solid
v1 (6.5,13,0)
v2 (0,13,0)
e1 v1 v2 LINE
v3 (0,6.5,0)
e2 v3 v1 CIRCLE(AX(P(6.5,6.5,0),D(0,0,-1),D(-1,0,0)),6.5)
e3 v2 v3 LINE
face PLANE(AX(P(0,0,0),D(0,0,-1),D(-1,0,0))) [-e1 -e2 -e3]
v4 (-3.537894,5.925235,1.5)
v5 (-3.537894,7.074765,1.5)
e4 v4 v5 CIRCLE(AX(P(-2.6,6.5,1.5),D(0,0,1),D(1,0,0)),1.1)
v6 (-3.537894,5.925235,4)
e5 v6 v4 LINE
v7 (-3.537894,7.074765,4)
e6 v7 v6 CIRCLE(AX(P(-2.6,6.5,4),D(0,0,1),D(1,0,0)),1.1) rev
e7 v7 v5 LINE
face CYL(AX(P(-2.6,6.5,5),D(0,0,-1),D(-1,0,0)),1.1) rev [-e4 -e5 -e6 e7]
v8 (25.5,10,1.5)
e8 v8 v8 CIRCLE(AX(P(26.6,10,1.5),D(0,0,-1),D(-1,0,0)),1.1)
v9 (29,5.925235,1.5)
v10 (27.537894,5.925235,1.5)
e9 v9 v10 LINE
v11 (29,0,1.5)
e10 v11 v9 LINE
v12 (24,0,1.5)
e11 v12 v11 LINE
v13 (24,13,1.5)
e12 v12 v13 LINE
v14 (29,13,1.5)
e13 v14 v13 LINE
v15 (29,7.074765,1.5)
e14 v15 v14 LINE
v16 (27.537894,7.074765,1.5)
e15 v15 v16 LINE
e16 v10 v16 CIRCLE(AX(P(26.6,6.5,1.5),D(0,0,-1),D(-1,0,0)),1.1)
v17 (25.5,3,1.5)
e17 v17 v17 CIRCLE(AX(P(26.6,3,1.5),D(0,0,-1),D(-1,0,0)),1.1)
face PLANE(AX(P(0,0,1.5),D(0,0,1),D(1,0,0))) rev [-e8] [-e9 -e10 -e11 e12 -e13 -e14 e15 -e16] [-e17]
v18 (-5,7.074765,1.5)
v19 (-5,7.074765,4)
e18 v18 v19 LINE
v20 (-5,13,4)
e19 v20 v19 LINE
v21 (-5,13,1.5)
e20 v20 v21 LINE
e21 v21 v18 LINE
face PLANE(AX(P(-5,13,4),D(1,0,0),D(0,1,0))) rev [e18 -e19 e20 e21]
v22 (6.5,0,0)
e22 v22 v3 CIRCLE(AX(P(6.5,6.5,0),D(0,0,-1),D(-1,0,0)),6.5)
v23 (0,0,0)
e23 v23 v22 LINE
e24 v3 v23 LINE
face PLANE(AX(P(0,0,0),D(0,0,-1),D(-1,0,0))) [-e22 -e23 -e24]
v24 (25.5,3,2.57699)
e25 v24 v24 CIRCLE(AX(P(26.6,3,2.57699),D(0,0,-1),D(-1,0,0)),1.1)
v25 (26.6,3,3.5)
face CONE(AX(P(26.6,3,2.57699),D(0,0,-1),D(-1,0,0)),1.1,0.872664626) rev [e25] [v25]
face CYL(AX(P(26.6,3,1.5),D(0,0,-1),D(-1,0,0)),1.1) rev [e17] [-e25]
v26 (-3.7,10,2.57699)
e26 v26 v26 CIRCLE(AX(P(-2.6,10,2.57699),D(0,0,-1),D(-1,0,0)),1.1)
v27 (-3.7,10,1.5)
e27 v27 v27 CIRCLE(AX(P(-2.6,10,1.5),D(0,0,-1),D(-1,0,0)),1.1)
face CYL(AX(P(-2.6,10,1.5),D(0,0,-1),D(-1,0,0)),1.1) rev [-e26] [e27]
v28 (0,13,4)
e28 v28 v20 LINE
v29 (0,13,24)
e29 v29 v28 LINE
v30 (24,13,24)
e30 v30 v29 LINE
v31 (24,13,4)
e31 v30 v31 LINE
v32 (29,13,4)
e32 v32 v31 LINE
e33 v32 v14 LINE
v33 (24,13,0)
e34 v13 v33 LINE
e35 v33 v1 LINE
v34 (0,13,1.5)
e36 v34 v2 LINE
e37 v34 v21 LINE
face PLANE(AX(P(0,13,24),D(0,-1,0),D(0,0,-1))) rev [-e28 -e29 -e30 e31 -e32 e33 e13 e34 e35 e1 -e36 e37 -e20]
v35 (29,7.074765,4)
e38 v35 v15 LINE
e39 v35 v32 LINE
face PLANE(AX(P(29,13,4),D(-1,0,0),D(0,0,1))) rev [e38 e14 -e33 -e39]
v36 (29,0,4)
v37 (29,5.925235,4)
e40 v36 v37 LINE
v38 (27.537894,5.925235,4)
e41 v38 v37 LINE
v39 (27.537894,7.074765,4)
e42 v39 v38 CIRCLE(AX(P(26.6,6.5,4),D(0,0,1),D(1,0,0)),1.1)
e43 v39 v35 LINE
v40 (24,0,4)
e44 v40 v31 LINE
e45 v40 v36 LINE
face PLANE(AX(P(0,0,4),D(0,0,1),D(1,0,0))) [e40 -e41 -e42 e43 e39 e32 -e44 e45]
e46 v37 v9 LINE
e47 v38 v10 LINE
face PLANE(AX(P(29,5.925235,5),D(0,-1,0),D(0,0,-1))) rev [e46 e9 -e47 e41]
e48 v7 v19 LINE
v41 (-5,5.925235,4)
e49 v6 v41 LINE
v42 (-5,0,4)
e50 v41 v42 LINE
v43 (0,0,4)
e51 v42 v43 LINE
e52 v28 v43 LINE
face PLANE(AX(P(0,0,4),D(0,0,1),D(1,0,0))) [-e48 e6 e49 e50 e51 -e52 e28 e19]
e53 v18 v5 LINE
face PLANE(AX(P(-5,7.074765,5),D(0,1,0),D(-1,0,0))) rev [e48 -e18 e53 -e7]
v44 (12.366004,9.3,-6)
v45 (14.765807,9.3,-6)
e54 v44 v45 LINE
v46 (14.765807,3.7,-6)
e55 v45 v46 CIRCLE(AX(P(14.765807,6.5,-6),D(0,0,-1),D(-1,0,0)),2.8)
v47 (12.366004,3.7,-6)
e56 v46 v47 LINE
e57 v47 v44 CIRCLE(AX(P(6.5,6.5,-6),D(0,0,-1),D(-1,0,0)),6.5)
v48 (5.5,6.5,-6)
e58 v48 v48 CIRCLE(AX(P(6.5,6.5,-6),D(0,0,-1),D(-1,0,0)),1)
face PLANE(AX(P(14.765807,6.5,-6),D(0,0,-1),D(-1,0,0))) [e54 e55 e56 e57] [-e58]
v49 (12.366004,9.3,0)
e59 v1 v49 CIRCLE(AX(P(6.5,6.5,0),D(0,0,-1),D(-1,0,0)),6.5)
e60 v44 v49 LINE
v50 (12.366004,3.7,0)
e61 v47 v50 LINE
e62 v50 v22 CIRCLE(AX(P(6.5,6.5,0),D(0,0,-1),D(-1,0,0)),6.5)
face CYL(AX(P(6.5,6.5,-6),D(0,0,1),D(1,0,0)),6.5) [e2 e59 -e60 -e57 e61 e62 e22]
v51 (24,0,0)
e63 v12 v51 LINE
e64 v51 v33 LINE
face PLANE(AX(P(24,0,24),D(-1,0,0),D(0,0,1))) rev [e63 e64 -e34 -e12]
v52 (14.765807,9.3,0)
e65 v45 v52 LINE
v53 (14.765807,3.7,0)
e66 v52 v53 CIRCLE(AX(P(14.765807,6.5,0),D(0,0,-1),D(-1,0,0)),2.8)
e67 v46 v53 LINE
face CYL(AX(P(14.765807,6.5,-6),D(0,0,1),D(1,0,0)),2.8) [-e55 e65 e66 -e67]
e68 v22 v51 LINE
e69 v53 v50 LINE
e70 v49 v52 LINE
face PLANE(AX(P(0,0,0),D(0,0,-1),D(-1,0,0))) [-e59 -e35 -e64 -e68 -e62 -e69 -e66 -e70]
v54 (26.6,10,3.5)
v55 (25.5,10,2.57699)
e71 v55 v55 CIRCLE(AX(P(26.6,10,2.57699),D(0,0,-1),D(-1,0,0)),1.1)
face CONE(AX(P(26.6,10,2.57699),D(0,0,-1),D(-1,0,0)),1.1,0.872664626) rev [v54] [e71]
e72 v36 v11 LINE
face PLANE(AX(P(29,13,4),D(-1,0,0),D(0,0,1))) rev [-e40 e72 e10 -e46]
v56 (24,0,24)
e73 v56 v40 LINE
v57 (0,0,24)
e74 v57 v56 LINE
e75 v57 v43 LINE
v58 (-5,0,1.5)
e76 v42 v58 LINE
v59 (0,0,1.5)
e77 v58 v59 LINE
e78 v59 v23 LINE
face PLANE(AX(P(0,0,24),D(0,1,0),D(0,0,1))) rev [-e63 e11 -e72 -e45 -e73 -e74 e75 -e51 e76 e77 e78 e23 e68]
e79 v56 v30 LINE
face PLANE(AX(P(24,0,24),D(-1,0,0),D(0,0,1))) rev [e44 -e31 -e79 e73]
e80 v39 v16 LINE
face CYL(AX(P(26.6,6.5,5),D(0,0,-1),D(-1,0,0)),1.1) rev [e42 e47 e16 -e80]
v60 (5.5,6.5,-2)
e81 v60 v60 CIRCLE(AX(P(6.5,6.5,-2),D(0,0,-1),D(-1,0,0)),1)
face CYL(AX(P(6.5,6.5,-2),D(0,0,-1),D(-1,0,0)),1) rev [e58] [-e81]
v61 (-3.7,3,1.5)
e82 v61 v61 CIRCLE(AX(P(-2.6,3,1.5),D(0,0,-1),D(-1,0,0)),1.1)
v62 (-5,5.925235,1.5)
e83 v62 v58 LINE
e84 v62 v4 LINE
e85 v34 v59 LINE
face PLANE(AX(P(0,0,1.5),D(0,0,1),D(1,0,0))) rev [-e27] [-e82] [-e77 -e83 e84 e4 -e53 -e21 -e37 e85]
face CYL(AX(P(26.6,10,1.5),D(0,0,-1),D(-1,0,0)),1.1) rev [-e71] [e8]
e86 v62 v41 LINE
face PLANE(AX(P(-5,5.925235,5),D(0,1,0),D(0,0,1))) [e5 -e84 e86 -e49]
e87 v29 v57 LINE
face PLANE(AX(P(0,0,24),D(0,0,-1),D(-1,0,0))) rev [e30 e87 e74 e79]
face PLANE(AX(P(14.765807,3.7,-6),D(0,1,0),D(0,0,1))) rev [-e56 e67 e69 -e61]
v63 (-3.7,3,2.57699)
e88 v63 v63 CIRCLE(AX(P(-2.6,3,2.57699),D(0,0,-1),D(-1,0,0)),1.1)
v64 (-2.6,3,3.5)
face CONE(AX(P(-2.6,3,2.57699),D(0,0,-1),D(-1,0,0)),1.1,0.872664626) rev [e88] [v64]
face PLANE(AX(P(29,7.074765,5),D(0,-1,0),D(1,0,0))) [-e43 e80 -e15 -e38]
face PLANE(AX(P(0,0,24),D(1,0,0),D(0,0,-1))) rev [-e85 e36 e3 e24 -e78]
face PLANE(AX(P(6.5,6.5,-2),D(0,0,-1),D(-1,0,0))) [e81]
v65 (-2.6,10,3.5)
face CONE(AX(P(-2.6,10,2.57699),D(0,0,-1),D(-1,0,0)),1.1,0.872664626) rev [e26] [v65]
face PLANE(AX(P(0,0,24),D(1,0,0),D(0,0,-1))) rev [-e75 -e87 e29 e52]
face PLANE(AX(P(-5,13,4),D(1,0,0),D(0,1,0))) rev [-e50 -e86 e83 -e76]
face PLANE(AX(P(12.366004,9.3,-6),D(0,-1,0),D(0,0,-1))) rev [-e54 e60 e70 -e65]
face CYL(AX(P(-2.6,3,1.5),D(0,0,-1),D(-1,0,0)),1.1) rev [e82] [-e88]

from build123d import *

# Parameters (mm, degrees)
SKETCH_1_W          = 24
SKETCH_1_H          = 13
EXTRUDE_1_DEPTH     = 24
SKETCH_2_W          = 34
SKETCH_2_H          = 13
EXTRUDE_2_DEPTH     = 2.5
MM_13_D             = 2.2
MM_13_DEPTH         = 1.076990406
MM_13_TIP           = 0.923009594
CUT_EXTRUDE_1_DEPTH = 3.5
EXTRUDE_3_DEPTH     = 6
SKETCH_42_R         = 1
CUT_EXTRUDE_2_DEPTH = 4


with BuildPart() as part:
    # 草图1 → 凸台-拉伸1 (new body)
    with BuildSketch(Plane.XY):
        with Locations((12, 6.5)):
            Rectangle(SKETCH_1_W, SKETCH_1_H)
    extrude(amount=EXTRUDE_1_DEPTH)

    # 草图2 → 凸台-拉伸2 (add)
    with BuildSketch(Plane.XY.offset(1.5)):
        with Locations((12, 6.5)):
            Rectangle(SKETCH_2_W, SKETCH_2_H)
    extrude(amount=EXTRUDE_2_DEPTH)

    # 大小mm 暗销孔13
    with Locations(Plane(origin=(0, 0, 1.5), x_dir=(-1, 0, 0), z_dir=(0, 0, -1))):
        with Locations((2.6, 10), (2.6, 3), (-26.6, 10), (-26.6, 3)):
            Hole(MM_13_D / 2, depth=MM_13_DEPTH)
            with Locations((0, 0, -(MM_13_DEPTH + MM_13_TIP / 2))):  # 100° drill point
                Cone(0, MM_13_D / 2, MM_13_TIP, mode=Mode.SUBTRACT)

    # 草图6 → 切除-拉伸1 (cut)
    with BuildSketch(Plane.XY.offset(1.5)):
        with BuildLine():
            Line((-5, 7.074764733), (-3.537894185, 7.074764733))
            ThreePointArc((-3.537894185, 7.074764733), (-1.5, 6.5), (-3.537894185, 5.925235267))
            Line((-3.537894185, 5.925235267), (-5, 5.925235267))
            Line((-5, 5.925235267), (-5, 7.074764733))
        make_face()
        with BuildLine():
            Line((29, 5.925235267), (27.537894185, 5.925235267))
            ThreePointArc((27.537894185, 5.925235267), (25.5, 6.5), (27.537894185, 7.074764733))
            Line((27.537894185, 7.074764733), (29, 7.074764733))
            Line((29, 7.074764733), (29, 5.925235267))
        make_face()
    extrude(amount=CUT_EXTRUDE_1_DEPTH, mode=Mode.SUBTRACT)

    # 草图27 → 凸台-拉伸3 (add)
    with BuildSketch(Plane(origin=(0, 0, 0), x_dir=(-1, 0, 0), z_dir=(0, 0, -1))):
        with BuildLine():
            Line((-14.765807305, 3.7), (-12.36600375, 3.7))
            ThreePointArc((-12.36600375, 3.7), (0, 6.5), (-12.36600375, 9.3))
            Line((-12.36600375, 9.3), (-14.765807305, 9.3))
            ThreePointArc((-14.765807305, 9.3), (-17.565807305, 6.5), (-14.765807305, 3.7))
        make_face()
    extrude(amount=EXTRUDE_3_DEPTH)

    # 草图42 → 切除-拉伸2 (cut)
    with BuildSketch(Plane(origin=(0, 0, -6), x_dir=(-1, 0, 0), z_dir=(0, 0, -1))):
        with Locations((-6.5, 6.5)):
            Circle(SKETCH_42_R)
    extrude(amount=-CUT_EXTRUDE_2_DEPTH, mode=Mode.SUBTRACT)


solid = part.part
